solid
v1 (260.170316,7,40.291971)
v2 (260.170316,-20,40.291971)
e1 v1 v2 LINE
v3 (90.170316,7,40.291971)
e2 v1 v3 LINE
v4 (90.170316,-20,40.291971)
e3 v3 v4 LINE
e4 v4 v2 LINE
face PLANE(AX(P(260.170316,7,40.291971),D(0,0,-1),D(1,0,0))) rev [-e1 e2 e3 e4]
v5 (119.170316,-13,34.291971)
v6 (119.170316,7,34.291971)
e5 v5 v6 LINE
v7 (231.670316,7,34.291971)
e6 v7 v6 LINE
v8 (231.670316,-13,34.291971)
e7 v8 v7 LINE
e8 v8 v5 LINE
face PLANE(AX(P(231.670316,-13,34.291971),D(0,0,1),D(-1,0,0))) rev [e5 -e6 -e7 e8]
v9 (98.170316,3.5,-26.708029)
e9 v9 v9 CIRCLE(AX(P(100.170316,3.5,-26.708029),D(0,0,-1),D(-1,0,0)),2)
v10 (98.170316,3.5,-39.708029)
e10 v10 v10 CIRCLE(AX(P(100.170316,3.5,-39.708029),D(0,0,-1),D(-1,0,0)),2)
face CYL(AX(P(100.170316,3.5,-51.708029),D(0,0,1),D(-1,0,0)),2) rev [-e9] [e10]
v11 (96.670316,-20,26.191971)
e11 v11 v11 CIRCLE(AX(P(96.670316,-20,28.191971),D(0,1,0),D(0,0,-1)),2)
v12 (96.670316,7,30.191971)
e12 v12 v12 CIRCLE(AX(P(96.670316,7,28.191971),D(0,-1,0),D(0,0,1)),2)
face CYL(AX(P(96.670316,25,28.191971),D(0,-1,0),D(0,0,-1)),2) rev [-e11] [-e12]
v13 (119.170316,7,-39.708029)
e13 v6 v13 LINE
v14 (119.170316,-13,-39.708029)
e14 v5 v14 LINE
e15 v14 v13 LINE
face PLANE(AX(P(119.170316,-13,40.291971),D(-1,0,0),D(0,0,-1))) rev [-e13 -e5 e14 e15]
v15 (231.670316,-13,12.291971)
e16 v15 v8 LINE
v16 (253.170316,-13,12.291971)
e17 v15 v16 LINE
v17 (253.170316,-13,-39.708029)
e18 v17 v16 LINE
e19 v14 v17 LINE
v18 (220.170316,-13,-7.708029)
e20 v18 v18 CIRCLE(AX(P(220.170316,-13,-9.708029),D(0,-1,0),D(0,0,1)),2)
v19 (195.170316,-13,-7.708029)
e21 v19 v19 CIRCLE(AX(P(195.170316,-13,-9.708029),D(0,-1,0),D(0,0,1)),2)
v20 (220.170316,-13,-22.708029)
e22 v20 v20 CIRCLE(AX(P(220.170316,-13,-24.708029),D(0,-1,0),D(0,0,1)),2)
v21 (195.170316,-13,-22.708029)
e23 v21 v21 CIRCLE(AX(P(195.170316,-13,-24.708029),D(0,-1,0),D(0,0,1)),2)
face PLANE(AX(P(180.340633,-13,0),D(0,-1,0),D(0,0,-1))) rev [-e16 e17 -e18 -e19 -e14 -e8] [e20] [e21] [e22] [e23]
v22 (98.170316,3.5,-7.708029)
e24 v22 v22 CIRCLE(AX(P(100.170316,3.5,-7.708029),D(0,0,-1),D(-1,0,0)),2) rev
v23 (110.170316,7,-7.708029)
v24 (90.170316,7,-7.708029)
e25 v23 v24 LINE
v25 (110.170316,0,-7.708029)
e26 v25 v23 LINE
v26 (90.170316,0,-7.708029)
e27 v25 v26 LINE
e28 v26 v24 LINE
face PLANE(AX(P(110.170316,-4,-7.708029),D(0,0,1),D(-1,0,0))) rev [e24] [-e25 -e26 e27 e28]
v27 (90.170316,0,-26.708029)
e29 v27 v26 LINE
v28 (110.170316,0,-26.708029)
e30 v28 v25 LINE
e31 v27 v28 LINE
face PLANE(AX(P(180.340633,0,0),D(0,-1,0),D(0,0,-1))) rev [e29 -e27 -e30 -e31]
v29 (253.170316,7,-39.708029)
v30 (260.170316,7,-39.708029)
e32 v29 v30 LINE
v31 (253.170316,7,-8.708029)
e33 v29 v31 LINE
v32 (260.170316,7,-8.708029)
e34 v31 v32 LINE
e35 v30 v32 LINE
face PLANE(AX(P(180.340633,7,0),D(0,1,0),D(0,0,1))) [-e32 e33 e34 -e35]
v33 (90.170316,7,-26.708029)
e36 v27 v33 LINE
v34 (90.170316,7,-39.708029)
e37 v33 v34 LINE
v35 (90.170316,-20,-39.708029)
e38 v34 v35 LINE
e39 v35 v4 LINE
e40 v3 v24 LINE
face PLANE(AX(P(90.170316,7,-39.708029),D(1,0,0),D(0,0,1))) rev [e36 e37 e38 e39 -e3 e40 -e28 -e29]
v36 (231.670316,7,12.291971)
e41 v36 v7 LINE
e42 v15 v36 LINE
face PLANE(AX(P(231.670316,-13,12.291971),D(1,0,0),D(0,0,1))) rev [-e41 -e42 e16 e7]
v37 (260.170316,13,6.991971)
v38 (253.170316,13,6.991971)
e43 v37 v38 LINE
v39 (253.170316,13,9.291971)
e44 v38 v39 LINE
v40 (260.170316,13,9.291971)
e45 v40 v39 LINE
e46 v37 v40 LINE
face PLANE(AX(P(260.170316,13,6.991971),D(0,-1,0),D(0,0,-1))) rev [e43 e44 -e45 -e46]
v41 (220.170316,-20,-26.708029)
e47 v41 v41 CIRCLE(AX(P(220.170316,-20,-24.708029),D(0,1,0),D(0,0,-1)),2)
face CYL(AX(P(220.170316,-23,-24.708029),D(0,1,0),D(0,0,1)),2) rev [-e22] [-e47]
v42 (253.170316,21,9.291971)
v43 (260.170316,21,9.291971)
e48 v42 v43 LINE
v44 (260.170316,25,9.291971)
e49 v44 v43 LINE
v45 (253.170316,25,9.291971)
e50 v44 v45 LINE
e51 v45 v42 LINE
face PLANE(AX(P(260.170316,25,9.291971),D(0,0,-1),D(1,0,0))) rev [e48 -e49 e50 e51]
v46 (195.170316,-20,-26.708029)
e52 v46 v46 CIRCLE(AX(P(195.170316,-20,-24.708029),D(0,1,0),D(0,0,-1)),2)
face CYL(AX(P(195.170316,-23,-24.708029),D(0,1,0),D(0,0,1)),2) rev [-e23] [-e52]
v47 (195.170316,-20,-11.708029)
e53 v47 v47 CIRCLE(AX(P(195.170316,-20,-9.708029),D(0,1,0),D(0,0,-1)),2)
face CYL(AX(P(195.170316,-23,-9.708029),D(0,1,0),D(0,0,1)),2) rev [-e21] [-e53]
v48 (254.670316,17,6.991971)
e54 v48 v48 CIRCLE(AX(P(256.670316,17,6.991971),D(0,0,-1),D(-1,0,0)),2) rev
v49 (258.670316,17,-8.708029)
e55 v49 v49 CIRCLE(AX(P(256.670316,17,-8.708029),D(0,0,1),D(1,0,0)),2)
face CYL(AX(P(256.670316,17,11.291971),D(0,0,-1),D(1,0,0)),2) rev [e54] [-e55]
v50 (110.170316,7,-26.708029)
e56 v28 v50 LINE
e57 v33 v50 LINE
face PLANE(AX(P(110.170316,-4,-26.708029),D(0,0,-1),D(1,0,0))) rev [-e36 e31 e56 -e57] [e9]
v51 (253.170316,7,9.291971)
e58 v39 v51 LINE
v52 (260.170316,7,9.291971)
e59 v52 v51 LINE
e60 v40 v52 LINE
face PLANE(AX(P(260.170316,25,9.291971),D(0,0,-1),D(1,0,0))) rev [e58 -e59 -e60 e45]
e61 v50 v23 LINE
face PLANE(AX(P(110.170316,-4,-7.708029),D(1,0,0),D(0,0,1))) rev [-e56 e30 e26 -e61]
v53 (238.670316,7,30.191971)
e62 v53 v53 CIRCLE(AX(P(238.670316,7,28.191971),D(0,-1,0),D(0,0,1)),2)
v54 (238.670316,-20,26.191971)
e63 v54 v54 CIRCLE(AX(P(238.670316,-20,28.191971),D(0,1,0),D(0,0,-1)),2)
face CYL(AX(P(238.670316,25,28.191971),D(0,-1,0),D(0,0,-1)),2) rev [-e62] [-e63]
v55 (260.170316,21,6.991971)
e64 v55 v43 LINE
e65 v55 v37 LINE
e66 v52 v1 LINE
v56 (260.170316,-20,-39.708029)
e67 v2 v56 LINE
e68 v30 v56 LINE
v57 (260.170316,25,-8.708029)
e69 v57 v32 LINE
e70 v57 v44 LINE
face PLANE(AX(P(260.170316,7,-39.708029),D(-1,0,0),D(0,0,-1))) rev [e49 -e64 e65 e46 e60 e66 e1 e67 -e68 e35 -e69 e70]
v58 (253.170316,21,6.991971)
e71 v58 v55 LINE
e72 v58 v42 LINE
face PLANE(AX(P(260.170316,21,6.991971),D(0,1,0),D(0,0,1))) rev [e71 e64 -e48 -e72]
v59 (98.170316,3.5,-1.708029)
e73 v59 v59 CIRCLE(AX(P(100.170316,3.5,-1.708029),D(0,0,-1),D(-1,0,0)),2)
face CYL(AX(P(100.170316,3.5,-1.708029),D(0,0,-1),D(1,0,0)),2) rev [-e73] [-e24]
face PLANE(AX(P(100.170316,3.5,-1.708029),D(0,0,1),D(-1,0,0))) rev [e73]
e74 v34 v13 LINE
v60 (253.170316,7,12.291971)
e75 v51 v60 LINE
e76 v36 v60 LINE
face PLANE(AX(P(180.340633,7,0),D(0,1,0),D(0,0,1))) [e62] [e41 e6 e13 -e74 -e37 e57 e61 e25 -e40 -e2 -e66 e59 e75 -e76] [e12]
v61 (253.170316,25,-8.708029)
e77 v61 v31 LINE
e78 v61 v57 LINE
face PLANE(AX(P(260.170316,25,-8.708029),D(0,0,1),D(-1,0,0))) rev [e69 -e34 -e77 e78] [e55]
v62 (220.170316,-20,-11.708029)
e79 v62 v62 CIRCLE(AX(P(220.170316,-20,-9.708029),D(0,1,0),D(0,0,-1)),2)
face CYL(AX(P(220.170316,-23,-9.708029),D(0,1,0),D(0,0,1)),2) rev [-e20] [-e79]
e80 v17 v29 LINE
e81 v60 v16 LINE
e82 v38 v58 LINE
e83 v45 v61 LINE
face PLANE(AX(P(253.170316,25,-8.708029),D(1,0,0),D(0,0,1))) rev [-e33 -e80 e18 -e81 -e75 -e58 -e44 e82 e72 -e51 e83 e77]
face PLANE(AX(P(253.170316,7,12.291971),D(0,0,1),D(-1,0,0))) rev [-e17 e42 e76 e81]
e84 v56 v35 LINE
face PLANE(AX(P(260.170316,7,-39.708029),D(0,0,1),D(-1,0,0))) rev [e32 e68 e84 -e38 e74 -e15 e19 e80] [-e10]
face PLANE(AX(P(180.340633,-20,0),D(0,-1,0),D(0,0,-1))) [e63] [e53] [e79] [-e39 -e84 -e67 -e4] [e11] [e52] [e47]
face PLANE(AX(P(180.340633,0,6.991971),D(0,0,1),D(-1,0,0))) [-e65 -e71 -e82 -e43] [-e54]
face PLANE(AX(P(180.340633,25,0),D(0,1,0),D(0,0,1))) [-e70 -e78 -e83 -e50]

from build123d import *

# Parameters (mm, degrees)
SKETCH1_W               = 170
SKETCH1_H               = 80
BOSS_EXTRUDE1_DEPTH     = 7
SKETCH2_W               = 7
SKETCH2_H               = 18
BOSS_EXTRUDE2_DEPTH     = 18
SKETCH3_R               = 2
CUT_EXTRUDE1_DEPTH      = 20
SKETCH4_W               = 7
SKETCH4_H               = 8
CUT_EXTRUDE2_DEPTH      = 2.3
SKETCH6_W               = 20
SKETCH6_H               = 19
CUT_EXTRUDE4_DEPTH      = 11
SKETCH7_R               = 2
CUT_EXTRUDE5_DEPTH      = 25
SKETCH7_2_R             = 2
CUT_EXTRUDE6_DEPTH      = 25
SKETCH8_W               = 170
SKETCH8_H               = 80
BOSS_EXTRUDE3_DEPTH     = 20
SKETCH9_W               = 134
SKETCH9_H               = 80
CUT_EXTRUDE7_DEPTH      = 20
SKETCH12_W              = 134
SKETCH12_H              = 28
BOSS_EXTRUDE4_DEPTH     = 20
SKETCH10_R              = 2
CUT_EXTRUDE9_DEPTH      = 1
CUT_EXTRUDE9_DEPTH_BACK = 46
SKETCH13_W              = 112.5
SKETCH13_H              = 22
CUT_EXTRUDE10_DEPTH     = 20
SKETCH14_R              = 2
CUT_EXTRUDE11_DEPTH     = 10


with BuildPart() as part:
    # Sketch1 → Boss-Extrude1 (new body)
    with BuildSketch(Plane(origin=(0, 0, 0), x_dir=(1, 0, 0), z_dir=(0, 1, 0))):
        with Locations((5.170316302, -0.291970803)):
            Rectangle(SKETCH1_W, SKETCH1_H)
    extrude(amount=BOSS_EXTRUDE1_DEPTH)

    # Sketch2 → Boss-Extrude2 (add)
    with BuildSketch(Plane(origin=(0, 7, 0), x_dir=(1, 0, 0), z_dir=(0, 1, 0))):
        with Locations((-76.329683698, -0.291970803)):
            Rectangle(SKETCH2_W, SKETCH2_H)
    extrude(amount=BOSS_EXTRUDE2_DEPTH)

    # Sketch3 → Cut-Extrude1 (cut)
    with BuildSketch(Plane(origin=(0, 0, -8.708029197), x_dir=(-1, 0, 0), z_dir=(0, 0, -1))):
        with Locations((76.329683698, 17)):
            Circle(SKETCH3_R)
    extrude(amount=-CUT_EXTRUDE1_DEPTH, mode=Mode.SUBTRACT)

    # Sketch4 → Cut-Extrude2 (cut)
    with BuildSketch(Plane.XY.offset(9.291970803)):
        with Locations((-76.329683698, 17)):
            Rectangle(SKETCH4_W, SKETCH4_H)
    extrude(amount=-CUT_EXTRUDE2_DEPTH, mode=Mode.SUBTRACT)

    # Sketch6 → Cut-Extrude4 (cut)
    with BuildSketch(Plane(origin=(0, 7, 0), x_dir=(1, 0, 0), z_dir=(0, 1, 0))):
        with Locations((80.170316302, 17.208029197)):
            Rectangle(SKETCH6_W, SKETCH6_H)
    extrude(amount=-CUT_EXTRUDE4_DEPTH, mode=Mode.SUBTRACT)

    # Sketch7 → Cut-Extrude5 (cut)
    with BuildSketch(Plane.XY.offset(-26.708029197)):
        with Locations((80.170316302, 3.5)):
            Circle(SKETCH7_R)
    extrude(amount=-CUT_EXTRUDE5_DEPTH, mode=Mode.SUBTRACT)

    # Sketch7<2> → Cut-Extrude6 (cut)
    with BuildSketch(Plane.XY.offset(-26.708029197)):
        with Locations((80.170316302, 3.5)):
            Circle(SKETCH7_2_R)
    extrude(amount=CUT_EXTRUDE6_DEPTH, mode=Mode.SUBTRACT)

    # Sketch8 → Boss-Extrude3 (add)
    with BuildSketch(Plane.XZ):
        with Locations((5.170316302, 0.291970803)):
            Rectangle(SKETCH8_W, SKETCH8_H)
    extrude(amount=BOSS_EXTRUDE3_DEPTH)

    # Sketch9 → Cut-Extrude7 (cut)
    with BuildSketch(Plane(origin=(0, 7, 0), x_dir=(1, 0, 0), z_dir=(0, 1, 0))):
        with Locations((-5.829683698, -0.291970803)):
            Rectangle(SKETCH9_W, SKETCH9_H)
    extrude(amount=-CUT_EXTRUDE7_DEPTH, mode=Mode.SUBTRACT)

    # Sketch12 → Boss-Extrude4 (add)
    with BuildSketch(Plane(origin=(0, -13, 0), x_dir=(1, 0, 0), z_dir=(0, 1, 0))):
        with Locations((-5.829683698, -26.291970803)):
            Rectangle(SKETCH12_W, SKETCH12_H)
    extrude(amount=BOSS_EXTRUDE4_DEPTH)

    # Sketch10 → Cut-Extrude9 (cut, two sides)
    with BuildSketch(Plane.XZ.offset(20)) as cut_extrude9_sk:
        with Locations((83.670316302, 28.191970803)):
            Circle(SKETCH10_R)
        with Locations((-58.329683698, 28.191970803)):
            Circle(SKETCH10_R)
    extrude(amount=CUT_EXTRUDE9_DEPTH, mode=Mode.SUBTRACT)
    extrude(cut_extrude9_sk.sketch, amount=-CUT_EXTRUDE9_DEPTH_BACK, mode=Mode.SUBTRACT)

    # Sketch13 → Cut-Extrude10 (cut)
    with BuildSketch(Plane(origin=(0, 7, 0), x_dir=(1, 0, 0), z_dir=(0, 1, 0))):
        with Locations((4.920316302, -23.291970803)):
            Rectangle(SKETCH13_W, SKETCH13_H)
    extrude(amount=-CUT_EXTRUDE10_DEPTH, mode=Mode.SUBTRACT)

    # Sketch14 → Cut-Extrude11 (cut)
    with BuildSketch(Plane(origin=(0, -13, 0), x_dir=(1, 0, 0), z_dir=(0, 1, 0))):
        with Locations((-39.829683698, 24.708029197)):
            Circle(SKETCH14_R)
        with Locations((-39.829683698, 9.708029197)):
            Circle(SKETCH14_R)
        with Locations((-14.829683698, 9.708029197)):
            Circle(SKETCH14_R)
        with Locations((-14.829683698, 24.708029197)):
            Circle(SKETCH14_R)
    extrude(amount=-CUT_EXTRUDE11_DEPTH, mode=Mode.SUBTRACT)


with BuildPart() as body_2:
    # Mirror2: mirrored copy
    add(part.part.mirror(Plane(origin=(90.170316302, 7, -39.708029197), x_dir=(0, 0, 1), z_dir=(-1, 0, 0))))


solid = body_2.part
